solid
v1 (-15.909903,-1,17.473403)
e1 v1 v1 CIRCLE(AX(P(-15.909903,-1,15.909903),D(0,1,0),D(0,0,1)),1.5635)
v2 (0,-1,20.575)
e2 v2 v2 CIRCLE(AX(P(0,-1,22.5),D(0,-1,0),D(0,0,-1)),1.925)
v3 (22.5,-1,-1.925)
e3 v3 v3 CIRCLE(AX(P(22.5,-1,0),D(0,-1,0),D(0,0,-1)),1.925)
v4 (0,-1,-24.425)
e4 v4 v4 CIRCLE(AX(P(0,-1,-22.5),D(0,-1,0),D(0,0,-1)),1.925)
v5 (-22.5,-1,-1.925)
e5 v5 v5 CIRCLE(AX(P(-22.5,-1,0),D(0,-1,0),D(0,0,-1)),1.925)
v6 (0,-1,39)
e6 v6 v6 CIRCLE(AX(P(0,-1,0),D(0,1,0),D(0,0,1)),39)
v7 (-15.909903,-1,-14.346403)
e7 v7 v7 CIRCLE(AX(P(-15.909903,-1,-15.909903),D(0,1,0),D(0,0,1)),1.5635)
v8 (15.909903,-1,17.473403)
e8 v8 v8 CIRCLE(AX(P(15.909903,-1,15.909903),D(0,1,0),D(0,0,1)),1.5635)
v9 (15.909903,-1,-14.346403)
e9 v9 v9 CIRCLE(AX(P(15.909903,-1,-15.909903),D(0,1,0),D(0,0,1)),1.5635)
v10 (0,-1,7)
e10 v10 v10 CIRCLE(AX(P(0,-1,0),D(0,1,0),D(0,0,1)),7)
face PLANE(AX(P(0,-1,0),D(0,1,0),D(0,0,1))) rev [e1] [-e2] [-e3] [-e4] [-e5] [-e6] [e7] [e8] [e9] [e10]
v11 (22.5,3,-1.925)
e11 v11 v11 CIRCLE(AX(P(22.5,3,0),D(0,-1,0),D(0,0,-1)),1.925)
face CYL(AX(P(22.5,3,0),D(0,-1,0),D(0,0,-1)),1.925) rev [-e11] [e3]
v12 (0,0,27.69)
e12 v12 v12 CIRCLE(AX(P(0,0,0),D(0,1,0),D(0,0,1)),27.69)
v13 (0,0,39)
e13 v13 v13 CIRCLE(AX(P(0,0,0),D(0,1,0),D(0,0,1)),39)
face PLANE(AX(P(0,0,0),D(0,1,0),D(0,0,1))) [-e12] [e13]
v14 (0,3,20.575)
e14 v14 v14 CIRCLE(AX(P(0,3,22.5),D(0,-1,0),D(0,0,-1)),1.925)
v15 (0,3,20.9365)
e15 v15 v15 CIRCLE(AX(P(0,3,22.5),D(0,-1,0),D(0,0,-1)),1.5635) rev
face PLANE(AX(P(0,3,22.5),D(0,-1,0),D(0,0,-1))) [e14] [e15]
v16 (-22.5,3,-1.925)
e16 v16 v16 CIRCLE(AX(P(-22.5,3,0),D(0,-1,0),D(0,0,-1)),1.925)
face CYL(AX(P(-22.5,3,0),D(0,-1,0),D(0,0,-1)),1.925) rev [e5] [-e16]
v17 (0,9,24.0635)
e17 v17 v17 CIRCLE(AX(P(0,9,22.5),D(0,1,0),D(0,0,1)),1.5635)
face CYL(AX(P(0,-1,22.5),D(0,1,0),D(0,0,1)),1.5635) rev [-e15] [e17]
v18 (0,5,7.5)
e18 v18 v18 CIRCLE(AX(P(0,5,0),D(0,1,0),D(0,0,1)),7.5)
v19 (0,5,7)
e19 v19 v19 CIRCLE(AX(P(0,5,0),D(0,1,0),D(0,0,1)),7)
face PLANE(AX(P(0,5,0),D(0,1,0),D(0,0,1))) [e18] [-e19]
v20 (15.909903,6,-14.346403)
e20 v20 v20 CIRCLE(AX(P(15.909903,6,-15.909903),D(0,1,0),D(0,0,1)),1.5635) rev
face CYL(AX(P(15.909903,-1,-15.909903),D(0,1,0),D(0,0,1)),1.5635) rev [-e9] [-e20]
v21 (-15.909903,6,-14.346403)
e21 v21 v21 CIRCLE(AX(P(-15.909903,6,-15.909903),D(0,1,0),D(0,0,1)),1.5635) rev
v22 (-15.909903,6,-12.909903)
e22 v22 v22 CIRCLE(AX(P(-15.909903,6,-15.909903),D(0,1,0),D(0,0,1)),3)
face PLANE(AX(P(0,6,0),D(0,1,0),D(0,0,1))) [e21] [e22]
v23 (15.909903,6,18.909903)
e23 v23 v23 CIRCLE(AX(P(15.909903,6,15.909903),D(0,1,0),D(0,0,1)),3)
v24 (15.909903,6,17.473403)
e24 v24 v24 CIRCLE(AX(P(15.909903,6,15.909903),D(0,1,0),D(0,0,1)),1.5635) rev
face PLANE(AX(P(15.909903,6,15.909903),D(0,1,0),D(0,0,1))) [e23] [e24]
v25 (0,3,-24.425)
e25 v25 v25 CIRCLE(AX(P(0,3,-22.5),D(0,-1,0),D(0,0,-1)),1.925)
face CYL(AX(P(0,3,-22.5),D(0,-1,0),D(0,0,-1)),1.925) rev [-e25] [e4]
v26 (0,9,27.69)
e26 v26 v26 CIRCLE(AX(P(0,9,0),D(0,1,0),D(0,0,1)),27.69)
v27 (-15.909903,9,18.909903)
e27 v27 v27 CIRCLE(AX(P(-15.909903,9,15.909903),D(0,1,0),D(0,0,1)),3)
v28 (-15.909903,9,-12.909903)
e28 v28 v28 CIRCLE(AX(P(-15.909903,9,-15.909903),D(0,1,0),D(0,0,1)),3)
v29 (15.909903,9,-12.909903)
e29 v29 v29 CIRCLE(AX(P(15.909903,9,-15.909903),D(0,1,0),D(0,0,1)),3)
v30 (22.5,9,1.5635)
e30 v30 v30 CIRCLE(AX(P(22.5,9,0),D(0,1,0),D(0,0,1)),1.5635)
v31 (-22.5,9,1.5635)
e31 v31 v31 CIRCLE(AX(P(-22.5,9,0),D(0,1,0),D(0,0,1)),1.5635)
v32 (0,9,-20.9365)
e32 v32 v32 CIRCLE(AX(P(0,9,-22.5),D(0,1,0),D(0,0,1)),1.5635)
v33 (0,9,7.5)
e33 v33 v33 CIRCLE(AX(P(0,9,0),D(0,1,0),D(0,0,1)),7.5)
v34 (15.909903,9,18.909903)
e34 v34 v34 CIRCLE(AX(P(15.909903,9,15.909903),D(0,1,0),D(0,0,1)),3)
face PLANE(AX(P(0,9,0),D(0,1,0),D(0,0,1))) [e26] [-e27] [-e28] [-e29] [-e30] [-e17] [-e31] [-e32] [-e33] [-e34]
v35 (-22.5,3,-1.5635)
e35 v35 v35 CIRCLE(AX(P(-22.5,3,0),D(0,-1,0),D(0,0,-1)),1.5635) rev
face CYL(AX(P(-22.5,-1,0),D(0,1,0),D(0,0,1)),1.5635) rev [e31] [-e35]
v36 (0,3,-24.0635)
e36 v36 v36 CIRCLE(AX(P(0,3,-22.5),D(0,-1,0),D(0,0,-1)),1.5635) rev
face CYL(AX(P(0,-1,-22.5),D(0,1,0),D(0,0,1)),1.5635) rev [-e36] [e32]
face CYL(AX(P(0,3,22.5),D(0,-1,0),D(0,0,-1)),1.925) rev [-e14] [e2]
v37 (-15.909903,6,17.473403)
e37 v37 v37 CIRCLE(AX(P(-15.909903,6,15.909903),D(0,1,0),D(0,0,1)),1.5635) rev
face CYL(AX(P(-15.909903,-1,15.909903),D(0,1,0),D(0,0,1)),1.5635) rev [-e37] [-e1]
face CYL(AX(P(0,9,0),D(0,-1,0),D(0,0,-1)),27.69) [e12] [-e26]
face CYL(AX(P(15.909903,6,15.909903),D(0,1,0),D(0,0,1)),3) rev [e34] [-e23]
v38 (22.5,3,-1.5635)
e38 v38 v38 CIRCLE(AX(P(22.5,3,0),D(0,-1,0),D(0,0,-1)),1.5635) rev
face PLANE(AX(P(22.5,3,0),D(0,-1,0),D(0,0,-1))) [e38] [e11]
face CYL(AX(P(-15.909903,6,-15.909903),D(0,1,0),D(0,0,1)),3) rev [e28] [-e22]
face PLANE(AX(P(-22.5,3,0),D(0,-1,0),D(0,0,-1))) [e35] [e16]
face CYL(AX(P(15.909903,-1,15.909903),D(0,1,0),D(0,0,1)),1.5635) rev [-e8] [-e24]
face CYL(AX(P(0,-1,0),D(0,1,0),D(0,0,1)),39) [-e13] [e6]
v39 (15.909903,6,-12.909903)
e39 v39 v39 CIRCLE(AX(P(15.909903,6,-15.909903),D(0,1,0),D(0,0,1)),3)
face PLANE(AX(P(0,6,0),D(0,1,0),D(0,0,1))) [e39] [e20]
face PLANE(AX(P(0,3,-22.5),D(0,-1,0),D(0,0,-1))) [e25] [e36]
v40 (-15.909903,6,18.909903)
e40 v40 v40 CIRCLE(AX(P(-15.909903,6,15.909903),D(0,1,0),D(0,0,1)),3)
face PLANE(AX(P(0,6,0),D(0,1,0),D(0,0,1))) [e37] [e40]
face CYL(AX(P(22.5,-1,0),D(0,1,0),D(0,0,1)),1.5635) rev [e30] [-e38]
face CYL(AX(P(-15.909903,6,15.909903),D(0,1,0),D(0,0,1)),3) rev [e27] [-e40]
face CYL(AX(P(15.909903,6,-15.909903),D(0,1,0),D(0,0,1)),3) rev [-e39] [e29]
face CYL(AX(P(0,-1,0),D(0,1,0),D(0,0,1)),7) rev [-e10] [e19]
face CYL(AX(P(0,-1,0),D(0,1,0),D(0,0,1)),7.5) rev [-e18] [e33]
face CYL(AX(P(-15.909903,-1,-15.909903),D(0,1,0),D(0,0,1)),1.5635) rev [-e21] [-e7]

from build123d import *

# Parameters (mm, degrees)
SKETCH1_R           = 39
SKETCH1_R_2         = 1.5635
SKETCH1_R_3         = 7.5
BOSS_EXTRUDE1_DEPTH = 1
BOSS_EXTRUDE2_START = 9
SKETCH1_3_R         = 27.69
SKETCH1_3_R_2       = 1.5635
SKETCH1_3_R_3       = 7.5
BOSS_EXTRUDE2_DEPTH = 9
SKETCH2_R           = 3
SKETCH2_R_2         = 1.5635
CUT_EXTRUDE1_DEPTH  = 3
SKETCH1_4_R         = 7.5
SKETCH1_4_R_2       = 7
BOSS_EXTRUDE3_DEPTH = 1
BOSS_EXTRUDE4_START = 5
SKETCH1_5_R         = 7.5
SKETCH1_5_R_2       = 7
BOSS_EXTRUDE4_DEPTH = 5
SKETCH3_R           = 1.925
CUT_EXTRUDE2_DEPTH  = 4


with BuildPart() as part:
    # Sketch1 → Boss-Extrude1 (new body)
    with BuildSketch(Plane(origin=(0, 0, 0), x_dir=(1, 0, 0), z_dir=(0, 1, 0))):
        Circle(SKETCH1_R)
        with Locations((22.5, 0)):
            Circle(SKETCH1_R_2, mode=Mode.SUBTRACT)
        with Locations((-15.909902577, -15.909902577)):
            Circle(SKETCH1_R_2, mode=Mode.SUBTRACT)
        with Locations((0, -22.5)):
            Circle(SKETCH1_R_2, mode=Mode.SUBTRACT)
        with Locations((15.909902577, -15.909902577)):
            Circle(SKETCH1_R_2, mode=Mode.SUBTRACT)
        with Locations((-22.5, 0)):
            Circle(SKETCH1_R_2, mode=Mode.SUBTRACT)
        with Locations((-15.909902577, 15.909902577)):
            Circle(SKETCH1_R_2, mode=Mode.SUBTRACT)
        with Locations((0, 22.5)):
            Circle(SKETCH1_R_2, mode=Mode.SUBTRACT)
        Circle(SKETCH1_R_3, mode=Mode.SUBTRACT)
        with Locations((15.909902577, 15.909902577)):
            Circle(SKETCH1_R_2, mode=Mode.SUBTRACT)
    extrude(amount=-BOSS_EXTRUDE1_DEPTH)

    # Sketch1<3> → Boss-Extrude2 (add)
    with BuildSketch(Plane(origin=(0, 0, 0), x_dir=(1, 0, 0), z_dir=(0, 1, 0)).offset(BOSS_EXTRUDE2_START)):
        Circle(SKETCH1_3_R)
        with Locations((-15.909902577, -15.909902577)):
            Circle(SKETCH1_3_R_2, mode=Mode.SUBTRACT)
        with Locations((0, -22.5)):
            Circle(SKETCH1_3_R_2, mode=Mode.SUBTRACT)
        with Locations((15.909902577, -15.909902577)):
            Circle(SKETCH1_3_R_2, mode=Mode.SUBTRACT)
        with Locations((-22.5, 0)):
            Circle(SKETCH1_3_R_2, mode=Mode.SUBTRACT)
        with Locations((-15.909902577, 15.909902577)):
            Circle(SKETCH1_3_R_2, mode=Mode.SUBTRACT)
        with Locations((0, 22.5)):
            Circle(SKETCH1_3_R_2, mode=Mode.SUBTRACT)
        Circle(SKETCH1_3_R_3, mode=Mode.SUBTRACT)
        with Locations((15.909902577, 15.909902577)):
            Circle(SKETCH1_3_R_2, mode=Mode.SUBTRACT)
        with Locations((22.5, 0)):
            Circle(SKETCH1_3_R_2, mode=Mode.SUBTRACT)
    extrude(amount=-BOSS_EXTRUDE2_DEPTH)

    # Sketch2 → Cut-Extrude1 (cut)
    # profile 1 of 4: a face of its own
    with BuildSketch(Plane(origin=(0, 9, 0), x_dir=(1, 0, 0), z_dir=(0, 1, 0))):
        with Locations((15.909902577, 15.909902577)):
            Circle(SKETCH2_R)
        with Locations((15.909902577, 15.909902577)):
            Circle(SKETCH2_R_2, mode=Mode.SUBTRACT)
    # profile 2 of 4: a face of its own
    with BuildSketch(Plane(origin=(0, 9, 0), x_dir=(1, 0, 0), z_dir=(0, 1, 0))):
        with Locations((15.909902577, -15.909902577)):
            Circle(SKETCH2_R)
    # profile 3 of 4: a face of its own
    with BuildSketch(Plane(origin=(0, 9, 0), x_dir=(1, 0, 0), z_dir=(0, 1, 0))):
        with Locations((-15.909902577, -15.909902577)):
            Circle(SKETCH2_R)
        with Locations((-15.909902577, -15.909902577)):
            Circle(SKETCH2_R_2, mode=Mode.SUBTRACT)
    # profile 4 of 4: a face of its own
    with BuildSketch(Plane(origin=(0, 9, 0), x_dir=(1, 0, 0), z_dir=(0, 1, 0))):
        with Locations((-15.909902577, 15.909902577)):
            Circle(SKETCH2_R)
        with Locations((-15.909902577, 15.909902577)):
            Circle(SKETCH2_R_2, mode=Mode.SUBTRACT)
    extrude(amount=-CUT_EXTRUDE1_DEPTH, mode=Mode.SUBTRACT)

    # Sketch1<4> → Boss-Extrude3 (add)
    with BuildSketch(Plane(origin=(0, 0, 0), x_dir=(1, 0, 0), z_dir=(0, 1, 0))):
        Circle(SKETCH1_4_R)
        Circle(SKETCH1_4_R_2, mode=Mode.SUBTRACT)
    extrude(amount=-BOSS_EXTRUDE3_DEPTH)

    # Sketch1<5> → Boss-Extrude4 (add)
    with BuildSketch(Plane(origin=(0, 0, 0), x_dir=(1, 0, 0), z_dir=(0, 1, 0)).offset(BOSS_EXTRUDE4_START)):
        Circle(SKETCH1_5_R)
        Circle(SKETCH1_5_R_2, mode=Mode.SUBTRACT)
    extrude(amount=-BOSS_EXTRUDE4_DEPTH)

    # Sketch3 → Cut-Extrude2 (cut)
    with BuildSketch(Plane.XZ.offset(1)):
        with Locations((22.5, 0)):
            Circle(SKETCH3_R)
        with Locations((0, -22.5)):
            Circle(SKETCH3_R)
        with Locations((-22.5, 0)):
            Circle(SKETCH3_R)
        with Locations((0, 22.5)):
            Circle(SKETCH3_R)
    extrude(amount=-CUT_EXTRUDE2_DEPTH, mode=Mode.SUBTRACT)


solid = part.part
